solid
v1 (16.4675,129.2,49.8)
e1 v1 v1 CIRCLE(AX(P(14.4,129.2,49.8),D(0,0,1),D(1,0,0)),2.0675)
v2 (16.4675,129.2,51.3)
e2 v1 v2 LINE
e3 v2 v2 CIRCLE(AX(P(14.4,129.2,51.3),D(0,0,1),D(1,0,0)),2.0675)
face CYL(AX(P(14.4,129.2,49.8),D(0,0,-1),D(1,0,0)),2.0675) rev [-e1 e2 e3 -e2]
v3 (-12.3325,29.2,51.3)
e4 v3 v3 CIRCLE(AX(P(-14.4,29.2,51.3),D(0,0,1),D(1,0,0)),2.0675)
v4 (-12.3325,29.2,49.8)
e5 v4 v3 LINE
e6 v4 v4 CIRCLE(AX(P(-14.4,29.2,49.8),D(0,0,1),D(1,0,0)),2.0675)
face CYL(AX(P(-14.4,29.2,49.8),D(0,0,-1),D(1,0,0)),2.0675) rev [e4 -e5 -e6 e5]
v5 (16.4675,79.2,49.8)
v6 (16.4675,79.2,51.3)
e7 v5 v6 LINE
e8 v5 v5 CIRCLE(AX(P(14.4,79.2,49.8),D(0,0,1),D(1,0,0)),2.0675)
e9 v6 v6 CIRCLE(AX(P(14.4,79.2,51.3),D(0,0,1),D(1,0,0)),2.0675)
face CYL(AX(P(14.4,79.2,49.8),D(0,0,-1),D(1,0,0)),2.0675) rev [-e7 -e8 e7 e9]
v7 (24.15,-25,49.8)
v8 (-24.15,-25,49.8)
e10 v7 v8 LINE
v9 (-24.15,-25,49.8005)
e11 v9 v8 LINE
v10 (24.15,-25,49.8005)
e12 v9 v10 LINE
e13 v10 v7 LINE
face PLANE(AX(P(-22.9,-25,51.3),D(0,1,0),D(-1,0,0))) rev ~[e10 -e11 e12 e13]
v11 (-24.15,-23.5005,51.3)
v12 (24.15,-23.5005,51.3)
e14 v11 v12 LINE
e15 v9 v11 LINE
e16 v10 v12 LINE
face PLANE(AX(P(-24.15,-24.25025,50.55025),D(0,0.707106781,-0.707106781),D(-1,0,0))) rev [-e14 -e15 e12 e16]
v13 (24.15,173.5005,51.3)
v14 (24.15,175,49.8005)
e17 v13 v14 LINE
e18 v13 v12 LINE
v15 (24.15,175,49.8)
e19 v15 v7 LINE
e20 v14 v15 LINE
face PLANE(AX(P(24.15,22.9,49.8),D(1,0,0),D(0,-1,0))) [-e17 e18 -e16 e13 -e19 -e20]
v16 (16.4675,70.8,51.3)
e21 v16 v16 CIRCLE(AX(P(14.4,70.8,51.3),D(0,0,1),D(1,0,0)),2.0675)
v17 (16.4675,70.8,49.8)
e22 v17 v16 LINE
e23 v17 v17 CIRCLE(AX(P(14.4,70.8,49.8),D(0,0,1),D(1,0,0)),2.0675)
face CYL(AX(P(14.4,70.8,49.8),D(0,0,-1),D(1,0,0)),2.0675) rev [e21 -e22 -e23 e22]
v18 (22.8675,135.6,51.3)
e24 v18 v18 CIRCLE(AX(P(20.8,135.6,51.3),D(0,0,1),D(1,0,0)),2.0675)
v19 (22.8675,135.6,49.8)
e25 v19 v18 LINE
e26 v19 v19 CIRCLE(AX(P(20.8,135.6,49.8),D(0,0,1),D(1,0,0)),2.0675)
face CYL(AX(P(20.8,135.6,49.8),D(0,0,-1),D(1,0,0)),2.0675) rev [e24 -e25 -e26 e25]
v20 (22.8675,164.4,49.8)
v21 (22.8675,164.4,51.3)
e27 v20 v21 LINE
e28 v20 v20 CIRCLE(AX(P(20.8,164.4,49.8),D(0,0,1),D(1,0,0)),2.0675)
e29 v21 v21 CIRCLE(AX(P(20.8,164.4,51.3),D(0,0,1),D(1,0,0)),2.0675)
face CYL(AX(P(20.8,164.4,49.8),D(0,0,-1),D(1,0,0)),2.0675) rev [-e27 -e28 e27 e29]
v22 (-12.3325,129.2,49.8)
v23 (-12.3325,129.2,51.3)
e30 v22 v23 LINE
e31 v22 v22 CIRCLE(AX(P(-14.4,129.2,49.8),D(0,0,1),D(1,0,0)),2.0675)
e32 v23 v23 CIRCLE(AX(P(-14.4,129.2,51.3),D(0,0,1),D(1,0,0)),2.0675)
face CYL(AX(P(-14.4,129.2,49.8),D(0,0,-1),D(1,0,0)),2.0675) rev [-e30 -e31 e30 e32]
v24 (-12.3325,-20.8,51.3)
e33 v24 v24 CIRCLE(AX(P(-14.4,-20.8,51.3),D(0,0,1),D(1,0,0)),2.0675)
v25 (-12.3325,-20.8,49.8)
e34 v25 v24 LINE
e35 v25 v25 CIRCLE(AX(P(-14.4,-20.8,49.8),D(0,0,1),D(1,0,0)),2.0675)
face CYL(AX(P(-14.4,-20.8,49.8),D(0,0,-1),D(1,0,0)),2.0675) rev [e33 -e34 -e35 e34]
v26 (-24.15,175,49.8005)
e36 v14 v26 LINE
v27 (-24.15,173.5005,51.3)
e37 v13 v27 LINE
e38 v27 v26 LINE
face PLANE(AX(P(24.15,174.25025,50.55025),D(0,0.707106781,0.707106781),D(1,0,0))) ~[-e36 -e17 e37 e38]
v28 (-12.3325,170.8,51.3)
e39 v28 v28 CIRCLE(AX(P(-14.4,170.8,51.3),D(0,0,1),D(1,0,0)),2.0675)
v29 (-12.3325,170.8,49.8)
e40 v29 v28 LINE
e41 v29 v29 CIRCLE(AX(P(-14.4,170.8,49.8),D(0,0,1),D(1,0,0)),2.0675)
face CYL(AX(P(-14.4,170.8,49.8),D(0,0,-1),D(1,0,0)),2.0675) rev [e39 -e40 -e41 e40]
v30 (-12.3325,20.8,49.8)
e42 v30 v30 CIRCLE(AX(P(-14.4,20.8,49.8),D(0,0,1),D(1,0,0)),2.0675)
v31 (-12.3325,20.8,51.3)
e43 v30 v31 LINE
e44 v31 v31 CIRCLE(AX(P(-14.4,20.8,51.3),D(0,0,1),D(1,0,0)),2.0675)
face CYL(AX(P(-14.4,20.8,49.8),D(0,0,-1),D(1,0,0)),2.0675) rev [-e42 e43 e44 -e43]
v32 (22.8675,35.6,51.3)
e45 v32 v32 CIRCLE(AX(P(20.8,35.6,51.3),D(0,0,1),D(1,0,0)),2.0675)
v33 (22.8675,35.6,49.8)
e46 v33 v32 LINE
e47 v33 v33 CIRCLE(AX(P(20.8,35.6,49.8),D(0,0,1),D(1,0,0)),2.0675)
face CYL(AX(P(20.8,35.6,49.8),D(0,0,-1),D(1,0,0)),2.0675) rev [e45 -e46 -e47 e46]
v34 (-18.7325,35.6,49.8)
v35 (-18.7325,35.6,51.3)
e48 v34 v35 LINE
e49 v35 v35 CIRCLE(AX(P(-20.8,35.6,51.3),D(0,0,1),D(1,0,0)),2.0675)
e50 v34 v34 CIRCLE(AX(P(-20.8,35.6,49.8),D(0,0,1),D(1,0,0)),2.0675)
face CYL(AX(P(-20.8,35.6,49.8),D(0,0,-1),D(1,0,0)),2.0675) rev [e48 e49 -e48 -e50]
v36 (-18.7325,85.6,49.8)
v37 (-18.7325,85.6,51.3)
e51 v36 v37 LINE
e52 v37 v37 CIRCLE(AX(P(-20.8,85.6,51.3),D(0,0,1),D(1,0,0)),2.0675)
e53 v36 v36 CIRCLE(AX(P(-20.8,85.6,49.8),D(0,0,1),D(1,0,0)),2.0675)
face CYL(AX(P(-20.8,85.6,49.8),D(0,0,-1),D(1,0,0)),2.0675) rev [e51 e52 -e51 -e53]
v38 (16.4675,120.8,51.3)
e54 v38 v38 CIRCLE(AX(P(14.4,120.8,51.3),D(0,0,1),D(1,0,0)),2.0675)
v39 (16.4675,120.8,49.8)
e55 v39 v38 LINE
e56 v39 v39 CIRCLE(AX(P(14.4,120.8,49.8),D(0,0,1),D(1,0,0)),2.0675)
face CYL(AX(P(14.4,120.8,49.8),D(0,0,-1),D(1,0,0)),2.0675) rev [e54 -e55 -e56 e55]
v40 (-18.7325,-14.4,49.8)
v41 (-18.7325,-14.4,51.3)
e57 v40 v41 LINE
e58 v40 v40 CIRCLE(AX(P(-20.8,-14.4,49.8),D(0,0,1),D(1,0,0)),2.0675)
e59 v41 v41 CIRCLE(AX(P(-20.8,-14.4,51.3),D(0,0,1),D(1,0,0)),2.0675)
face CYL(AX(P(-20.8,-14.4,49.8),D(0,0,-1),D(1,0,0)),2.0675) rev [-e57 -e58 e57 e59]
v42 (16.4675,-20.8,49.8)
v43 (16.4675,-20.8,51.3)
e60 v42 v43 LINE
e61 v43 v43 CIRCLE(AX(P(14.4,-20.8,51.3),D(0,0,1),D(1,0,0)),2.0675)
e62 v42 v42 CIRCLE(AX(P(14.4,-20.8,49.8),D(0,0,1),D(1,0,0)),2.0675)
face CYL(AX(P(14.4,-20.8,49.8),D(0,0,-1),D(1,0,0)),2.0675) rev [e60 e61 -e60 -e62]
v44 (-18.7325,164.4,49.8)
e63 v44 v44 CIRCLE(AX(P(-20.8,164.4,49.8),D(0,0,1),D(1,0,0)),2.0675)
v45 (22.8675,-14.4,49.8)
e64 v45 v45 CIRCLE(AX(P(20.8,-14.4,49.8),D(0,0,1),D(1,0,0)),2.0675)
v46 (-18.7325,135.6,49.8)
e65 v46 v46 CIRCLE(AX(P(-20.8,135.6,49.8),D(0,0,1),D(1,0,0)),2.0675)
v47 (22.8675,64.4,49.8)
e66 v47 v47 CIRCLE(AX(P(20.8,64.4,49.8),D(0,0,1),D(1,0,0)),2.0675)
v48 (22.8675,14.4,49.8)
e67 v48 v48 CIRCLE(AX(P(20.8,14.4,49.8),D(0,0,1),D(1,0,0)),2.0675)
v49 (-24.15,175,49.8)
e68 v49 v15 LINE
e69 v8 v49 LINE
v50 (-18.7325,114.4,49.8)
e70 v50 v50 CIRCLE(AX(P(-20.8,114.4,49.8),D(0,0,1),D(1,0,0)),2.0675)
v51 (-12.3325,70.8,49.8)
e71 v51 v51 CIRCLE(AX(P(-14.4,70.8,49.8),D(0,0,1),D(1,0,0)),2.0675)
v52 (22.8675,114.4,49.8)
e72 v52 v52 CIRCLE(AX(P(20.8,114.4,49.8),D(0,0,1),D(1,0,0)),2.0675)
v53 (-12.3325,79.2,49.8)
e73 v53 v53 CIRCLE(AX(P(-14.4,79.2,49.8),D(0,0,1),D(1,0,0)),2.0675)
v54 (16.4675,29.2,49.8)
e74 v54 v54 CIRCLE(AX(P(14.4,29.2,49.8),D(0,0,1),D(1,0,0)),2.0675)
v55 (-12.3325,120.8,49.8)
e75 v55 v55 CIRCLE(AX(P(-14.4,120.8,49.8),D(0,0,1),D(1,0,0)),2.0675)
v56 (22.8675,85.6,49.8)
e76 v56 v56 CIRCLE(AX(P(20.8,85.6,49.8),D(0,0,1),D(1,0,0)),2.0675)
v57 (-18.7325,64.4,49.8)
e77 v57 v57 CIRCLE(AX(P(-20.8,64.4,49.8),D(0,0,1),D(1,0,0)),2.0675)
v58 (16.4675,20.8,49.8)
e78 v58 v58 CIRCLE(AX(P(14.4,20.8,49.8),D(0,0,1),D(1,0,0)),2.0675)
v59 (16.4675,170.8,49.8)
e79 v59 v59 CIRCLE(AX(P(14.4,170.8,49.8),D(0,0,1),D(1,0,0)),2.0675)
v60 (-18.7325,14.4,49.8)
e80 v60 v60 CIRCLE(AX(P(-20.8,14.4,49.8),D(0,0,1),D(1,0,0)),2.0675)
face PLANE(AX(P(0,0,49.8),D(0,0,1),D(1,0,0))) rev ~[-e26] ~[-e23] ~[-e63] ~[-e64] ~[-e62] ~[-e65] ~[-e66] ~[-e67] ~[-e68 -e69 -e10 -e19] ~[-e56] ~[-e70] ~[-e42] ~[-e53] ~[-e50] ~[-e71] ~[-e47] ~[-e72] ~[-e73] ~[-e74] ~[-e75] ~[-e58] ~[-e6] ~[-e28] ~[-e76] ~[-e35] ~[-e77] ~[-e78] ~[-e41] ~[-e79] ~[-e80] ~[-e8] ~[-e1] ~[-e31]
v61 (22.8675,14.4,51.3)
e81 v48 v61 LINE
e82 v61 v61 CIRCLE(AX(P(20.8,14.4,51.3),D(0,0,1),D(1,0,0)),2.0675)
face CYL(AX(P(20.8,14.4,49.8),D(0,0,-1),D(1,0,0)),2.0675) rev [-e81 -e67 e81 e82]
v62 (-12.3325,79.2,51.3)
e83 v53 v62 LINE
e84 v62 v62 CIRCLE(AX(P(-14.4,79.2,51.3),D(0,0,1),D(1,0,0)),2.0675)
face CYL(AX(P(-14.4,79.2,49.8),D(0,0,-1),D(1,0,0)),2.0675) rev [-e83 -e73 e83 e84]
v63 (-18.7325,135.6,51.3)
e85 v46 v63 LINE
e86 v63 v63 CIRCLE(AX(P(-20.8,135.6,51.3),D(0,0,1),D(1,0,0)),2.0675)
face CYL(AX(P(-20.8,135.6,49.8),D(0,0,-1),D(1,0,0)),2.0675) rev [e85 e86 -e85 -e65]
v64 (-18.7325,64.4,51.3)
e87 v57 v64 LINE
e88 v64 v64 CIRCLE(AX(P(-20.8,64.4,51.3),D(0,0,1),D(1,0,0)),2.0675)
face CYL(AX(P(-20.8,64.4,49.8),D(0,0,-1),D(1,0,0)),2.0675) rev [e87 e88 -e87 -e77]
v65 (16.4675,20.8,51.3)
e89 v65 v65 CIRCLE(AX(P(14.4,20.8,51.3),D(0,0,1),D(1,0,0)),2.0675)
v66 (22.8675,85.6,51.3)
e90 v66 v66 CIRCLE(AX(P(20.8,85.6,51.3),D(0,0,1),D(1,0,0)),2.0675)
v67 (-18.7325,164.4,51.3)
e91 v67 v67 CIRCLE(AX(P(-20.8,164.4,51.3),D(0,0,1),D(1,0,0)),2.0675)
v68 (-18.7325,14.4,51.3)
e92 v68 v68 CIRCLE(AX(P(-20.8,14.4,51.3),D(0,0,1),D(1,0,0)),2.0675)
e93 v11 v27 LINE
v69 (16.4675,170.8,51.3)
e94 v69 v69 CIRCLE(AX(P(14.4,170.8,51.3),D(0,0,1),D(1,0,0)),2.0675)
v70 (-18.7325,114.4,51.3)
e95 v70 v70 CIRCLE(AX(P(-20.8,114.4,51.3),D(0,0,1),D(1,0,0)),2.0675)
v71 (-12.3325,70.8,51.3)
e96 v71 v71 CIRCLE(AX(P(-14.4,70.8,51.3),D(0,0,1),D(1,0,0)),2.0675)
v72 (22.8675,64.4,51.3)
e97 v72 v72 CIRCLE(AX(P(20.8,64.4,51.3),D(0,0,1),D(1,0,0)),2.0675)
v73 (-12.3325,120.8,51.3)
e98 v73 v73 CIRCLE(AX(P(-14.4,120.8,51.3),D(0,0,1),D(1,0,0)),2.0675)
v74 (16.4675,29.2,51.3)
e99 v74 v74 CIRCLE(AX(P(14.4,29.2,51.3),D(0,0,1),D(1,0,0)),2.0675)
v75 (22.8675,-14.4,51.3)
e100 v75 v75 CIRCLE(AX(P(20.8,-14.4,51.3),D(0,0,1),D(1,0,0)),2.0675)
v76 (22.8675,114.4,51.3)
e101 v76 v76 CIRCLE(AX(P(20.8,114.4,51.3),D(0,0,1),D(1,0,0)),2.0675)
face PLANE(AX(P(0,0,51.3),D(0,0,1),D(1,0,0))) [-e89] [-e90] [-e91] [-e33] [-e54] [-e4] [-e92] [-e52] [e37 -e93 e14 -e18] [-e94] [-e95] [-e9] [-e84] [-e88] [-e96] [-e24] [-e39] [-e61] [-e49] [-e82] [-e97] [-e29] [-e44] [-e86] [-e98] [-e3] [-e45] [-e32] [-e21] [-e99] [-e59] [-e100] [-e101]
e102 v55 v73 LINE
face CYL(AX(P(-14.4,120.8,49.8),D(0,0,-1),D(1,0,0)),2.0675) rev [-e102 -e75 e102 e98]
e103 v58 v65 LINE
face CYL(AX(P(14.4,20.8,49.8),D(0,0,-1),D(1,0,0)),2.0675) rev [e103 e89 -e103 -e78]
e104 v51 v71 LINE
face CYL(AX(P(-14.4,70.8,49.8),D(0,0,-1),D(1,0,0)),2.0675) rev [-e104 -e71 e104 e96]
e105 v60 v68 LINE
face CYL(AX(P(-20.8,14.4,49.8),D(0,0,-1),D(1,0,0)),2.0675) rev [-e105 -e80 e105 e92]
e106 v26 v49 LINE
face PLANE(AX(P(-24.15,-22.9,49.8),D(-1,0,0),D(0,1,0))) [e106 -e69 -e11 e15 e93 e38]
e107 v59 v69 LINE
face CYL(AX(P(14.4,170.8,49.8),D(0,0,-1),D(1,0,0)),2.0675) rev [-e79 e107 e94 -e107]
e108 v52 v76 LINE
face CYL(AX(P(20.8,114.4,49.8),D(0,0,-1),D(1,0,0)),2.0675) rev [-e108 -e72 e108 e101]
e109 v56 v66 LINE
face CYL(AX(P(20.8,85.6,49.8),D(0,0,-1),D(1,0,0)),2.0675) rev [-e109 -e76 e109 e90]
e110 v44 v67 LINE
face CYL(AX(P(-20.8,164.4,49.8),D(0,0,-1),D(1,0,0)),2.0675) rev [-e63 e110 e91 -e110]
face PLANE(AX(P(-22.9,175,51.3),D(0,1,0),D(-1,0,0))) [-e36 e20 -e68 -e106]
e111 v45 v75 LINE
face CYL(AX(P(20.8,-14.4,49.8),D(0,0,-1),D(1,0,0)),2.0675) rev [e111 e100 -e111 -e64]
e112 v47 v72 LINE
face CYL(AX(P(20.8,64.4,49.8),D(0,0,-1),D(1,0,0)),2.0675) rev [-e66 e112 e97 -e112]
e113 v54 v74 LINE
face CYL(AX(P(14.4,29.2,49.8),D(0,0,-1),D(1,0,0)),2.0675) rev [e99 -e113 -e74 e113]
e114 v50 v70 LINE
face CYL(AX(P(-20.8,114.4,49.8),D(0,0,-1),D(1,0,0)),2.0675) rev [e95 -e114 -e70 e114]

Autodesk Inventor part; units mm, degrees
ref_plane "YZ Plane" through (0, 0, 0) normal (1, 0, 0) x (0, 1, 0)
ref_plane "XZ Plane" through (0, 0, 0) normal (0, 1, 0) x (-1, 0, 0)
sketch "Sketch1" plane through (0, 0, 0) normal (0, 0, 1) x (1, 0, 0)
  circle A0 centre (-21.9, -21.9) radius 1.875 projected
  circle A1 centre (21.9, 21.9) radius 1.875 projected
  circle A2 centre (21.9, -21.9) radius 1.875 projected
  circle A3 centre (-21.9, 21.9) radius 1.875 projected
  circle A4 centre (14.4, 20.8) radius 2.0675 projected
  circle A5 centre (-14.4, -20.8) radius 2.0675 projected
  circle A6 centre (14.4, -20.8) radius 2.0675 projected
  circle A7 centre (20.8, -14.4) radius 2.0675 projected
  line L0 (-17.05, 17.05) -> (-17.05, -17.05) projected
  line L1 (17.05, 17.05) -> (-17.05, 17.05) projected
  line L2 (17.05, -17.05) -> (17.05, 17.05) projected
  line L3 (-17.05, -17.05) -> (17.05, -17.05) projected
  circle A8 centre (20.8, 14.4) radius 2.0675 projected
  circle A9 centre (-14.4, 20.8) radius 2.0675 projected
  circle A10 centre (-20.8, -14.4) radius 2.0675 projected
  circle A11 centre (-20.8, 14.4) radius 2.0675 projected
  line L4 (-22.9, 24.15) -> (22.9, 24.15) projected
  arc A12 (-22.9, 24.15) -> (-24.15, 22.9) centre (-22.9, 22.9) ccw projected
  line L5 (-24.15, -22.9) -> (-24.15, 22.9) projected
  arc A13 (-24.15, -22.9) -> (-22.9, -24.15) centre (-22.9, -22.9) ccw projected
  line L6 (22.9, -24.15) -> (-22.9, -24.15) projected
  arc A14 (22.9, -24.15) -> (24.15, -22.9) centre (22.9, -22.9) ccw projected
  line L7 (24.15, 22.9) -> (24.15, -22.9) projected
  arc A15 (24.15, 22.9) -> (22.9, 24.15) centre (22.9, 22.9) ccw projected
  point P0 (0, 0)
ref_plane "Work Plane1" through (-24.15, -24.15, 49.8) normal (0, 0, 1) x (1, 0, 0)
extrude "Extrusion1" add sketch "Sketch1" along normal blind 1.5 from surface at 49.8 contours A0 | A1 | A2 | A3 | L1 L2 L3 L0 | L4 A15 L7 A14 L6 A13 L5 A12
sketch "Sketch2" plane through (-22.9, -24.15, 51.3) normal (0, 0, 1) x (1, 0, 0)
  arc A0 (-1.25, 1.25) -> (0, 0) centre (0, 1.25) ccw projected
  line L0 (45.8, 0) -> (0, 0) projected
  arc A1 (45.8, 0) -> (47.05, 1.25) centre (45.8, 1.25) ccw projected
  line L1 (47.05, 47.05) -> (47.05, 1.25) projected
  arc A2 (47.05, 47.05) -> (45.8, 48.3) centre (45.8, 47.05) ccw projected
  line L2 (0, 48.3) -> (45.8, 48.3) projected
  arc A3 (0, 48.3) -> (-1.25, 47.05) centre (0, 47.05) ccw projected
  line L3 (-1.25, 1.25) -> (-1.25, 47.05) projected
  circle A4 centre (2.1, 38.55) radius 2.0675 projected
  circle A5 centre (2.1, 9.75) radius 2.0675 projected
  circle A6 centre (8.5, 44.95) radius 2.0675 projected
  circle A7 centre (43.7, 38.55) radius 2.0675 projected
  circle A8 centre (43.7, 9.75) radius 2.0675 projected
  circle A9 centre (37.3, 3.35) radius 2.0675 projected
  circle A10 centre (8.5, 3.35) radius 2.0675 projected
  circle A11 centre (37.3, 44.95) radius 2.0675 projected
  arc A12 (47.9, 47.05) -> (45.8, 49.15) centre (45.8, 47.05) ccw
  line L4 (47.9, 47.05) -> (47.9, 1.25)
  arc A13 (45.8, -0.85) -> (47.9, 1.25) centre (45.8, 1.25) ccw
  line L5 (45.8, -0.85) -> (0, -0.85)
  arc A14 (-2.1, 1.25) -> (0, -0.85) centre (0, 1.25) ccw
  line L6 (-2.1, 1.25) -> (-2.1, 47.05)
  arc A15 (0, 49.15) -> (-2.1, 47.05) centre (0, 47.05) ccw
  line L7 (0, 49.15) -> (45.8, 49.15)
  line L8 (47.05, 1.25) -> (45.8, 1.25)
  line L9 (45.8, 1.25) -> (45.8, -0.85)
  line L10 (45.8, -0.85) -> (47.05, -0.85)
  line L11 (47.05, -0.85) -> (47.05, 1.25)
  line L12 (-1.25, 1.25) -> (0, 1.25)
  line L13 (0, 1.25) -> (0, -0.85)
  line L14 (0, -0.85) -> (-1.25, -0.85)
  line L15 (-1.25, -0.85) -> (-1.25, 1.25)
  line L16 (-1.25, 47.05) -> (0, 47.05)
  line L17 (0, 47.05) -> (0, 49.15)
  line L18 (0, 49.15) -> (-1.25, 49.15)
  line L19 (-1.25, 49.15) -> (-1.25, 47.05)
  line L20 (47.05, 47.05) -> (45.8, 47.05)
  line L21 (45.8, 47.05) -> (45.8, 49.15)
  line L22 (45.8, 49.15) -> (47.05, 49.15)
  line L23 (47.05, 49.15) -> (47.05, 47.05)
  point P0 (22.9, 24.15)
  dimension "d2" = 0.85
extrude "Extrusion2" add sketch "Sketch2" against normal blind 1.5 contours A0 L13 A14 L15 | L0 L9 L5 L13 | L19 A15 L17 A3 | A14 L14 L15 | A1 L11 A13 L9 | L17 L7 L21 L2 | L19 L18 A15 | A13 L11 L10 | L21 A12 L23 A2 | L22 L23 A12
pattern_linear "Rectangular Pattern1" count 4 spacing 50 along (0, 1, 0) of "Extrusion1", "Extrusion2"
chamfer "Chamfer1" distance 1.5 angle 45 2 edges at (0, -25, 51.3) (0, 175, 51.3)
properties part number "Panel Top 1x4"
